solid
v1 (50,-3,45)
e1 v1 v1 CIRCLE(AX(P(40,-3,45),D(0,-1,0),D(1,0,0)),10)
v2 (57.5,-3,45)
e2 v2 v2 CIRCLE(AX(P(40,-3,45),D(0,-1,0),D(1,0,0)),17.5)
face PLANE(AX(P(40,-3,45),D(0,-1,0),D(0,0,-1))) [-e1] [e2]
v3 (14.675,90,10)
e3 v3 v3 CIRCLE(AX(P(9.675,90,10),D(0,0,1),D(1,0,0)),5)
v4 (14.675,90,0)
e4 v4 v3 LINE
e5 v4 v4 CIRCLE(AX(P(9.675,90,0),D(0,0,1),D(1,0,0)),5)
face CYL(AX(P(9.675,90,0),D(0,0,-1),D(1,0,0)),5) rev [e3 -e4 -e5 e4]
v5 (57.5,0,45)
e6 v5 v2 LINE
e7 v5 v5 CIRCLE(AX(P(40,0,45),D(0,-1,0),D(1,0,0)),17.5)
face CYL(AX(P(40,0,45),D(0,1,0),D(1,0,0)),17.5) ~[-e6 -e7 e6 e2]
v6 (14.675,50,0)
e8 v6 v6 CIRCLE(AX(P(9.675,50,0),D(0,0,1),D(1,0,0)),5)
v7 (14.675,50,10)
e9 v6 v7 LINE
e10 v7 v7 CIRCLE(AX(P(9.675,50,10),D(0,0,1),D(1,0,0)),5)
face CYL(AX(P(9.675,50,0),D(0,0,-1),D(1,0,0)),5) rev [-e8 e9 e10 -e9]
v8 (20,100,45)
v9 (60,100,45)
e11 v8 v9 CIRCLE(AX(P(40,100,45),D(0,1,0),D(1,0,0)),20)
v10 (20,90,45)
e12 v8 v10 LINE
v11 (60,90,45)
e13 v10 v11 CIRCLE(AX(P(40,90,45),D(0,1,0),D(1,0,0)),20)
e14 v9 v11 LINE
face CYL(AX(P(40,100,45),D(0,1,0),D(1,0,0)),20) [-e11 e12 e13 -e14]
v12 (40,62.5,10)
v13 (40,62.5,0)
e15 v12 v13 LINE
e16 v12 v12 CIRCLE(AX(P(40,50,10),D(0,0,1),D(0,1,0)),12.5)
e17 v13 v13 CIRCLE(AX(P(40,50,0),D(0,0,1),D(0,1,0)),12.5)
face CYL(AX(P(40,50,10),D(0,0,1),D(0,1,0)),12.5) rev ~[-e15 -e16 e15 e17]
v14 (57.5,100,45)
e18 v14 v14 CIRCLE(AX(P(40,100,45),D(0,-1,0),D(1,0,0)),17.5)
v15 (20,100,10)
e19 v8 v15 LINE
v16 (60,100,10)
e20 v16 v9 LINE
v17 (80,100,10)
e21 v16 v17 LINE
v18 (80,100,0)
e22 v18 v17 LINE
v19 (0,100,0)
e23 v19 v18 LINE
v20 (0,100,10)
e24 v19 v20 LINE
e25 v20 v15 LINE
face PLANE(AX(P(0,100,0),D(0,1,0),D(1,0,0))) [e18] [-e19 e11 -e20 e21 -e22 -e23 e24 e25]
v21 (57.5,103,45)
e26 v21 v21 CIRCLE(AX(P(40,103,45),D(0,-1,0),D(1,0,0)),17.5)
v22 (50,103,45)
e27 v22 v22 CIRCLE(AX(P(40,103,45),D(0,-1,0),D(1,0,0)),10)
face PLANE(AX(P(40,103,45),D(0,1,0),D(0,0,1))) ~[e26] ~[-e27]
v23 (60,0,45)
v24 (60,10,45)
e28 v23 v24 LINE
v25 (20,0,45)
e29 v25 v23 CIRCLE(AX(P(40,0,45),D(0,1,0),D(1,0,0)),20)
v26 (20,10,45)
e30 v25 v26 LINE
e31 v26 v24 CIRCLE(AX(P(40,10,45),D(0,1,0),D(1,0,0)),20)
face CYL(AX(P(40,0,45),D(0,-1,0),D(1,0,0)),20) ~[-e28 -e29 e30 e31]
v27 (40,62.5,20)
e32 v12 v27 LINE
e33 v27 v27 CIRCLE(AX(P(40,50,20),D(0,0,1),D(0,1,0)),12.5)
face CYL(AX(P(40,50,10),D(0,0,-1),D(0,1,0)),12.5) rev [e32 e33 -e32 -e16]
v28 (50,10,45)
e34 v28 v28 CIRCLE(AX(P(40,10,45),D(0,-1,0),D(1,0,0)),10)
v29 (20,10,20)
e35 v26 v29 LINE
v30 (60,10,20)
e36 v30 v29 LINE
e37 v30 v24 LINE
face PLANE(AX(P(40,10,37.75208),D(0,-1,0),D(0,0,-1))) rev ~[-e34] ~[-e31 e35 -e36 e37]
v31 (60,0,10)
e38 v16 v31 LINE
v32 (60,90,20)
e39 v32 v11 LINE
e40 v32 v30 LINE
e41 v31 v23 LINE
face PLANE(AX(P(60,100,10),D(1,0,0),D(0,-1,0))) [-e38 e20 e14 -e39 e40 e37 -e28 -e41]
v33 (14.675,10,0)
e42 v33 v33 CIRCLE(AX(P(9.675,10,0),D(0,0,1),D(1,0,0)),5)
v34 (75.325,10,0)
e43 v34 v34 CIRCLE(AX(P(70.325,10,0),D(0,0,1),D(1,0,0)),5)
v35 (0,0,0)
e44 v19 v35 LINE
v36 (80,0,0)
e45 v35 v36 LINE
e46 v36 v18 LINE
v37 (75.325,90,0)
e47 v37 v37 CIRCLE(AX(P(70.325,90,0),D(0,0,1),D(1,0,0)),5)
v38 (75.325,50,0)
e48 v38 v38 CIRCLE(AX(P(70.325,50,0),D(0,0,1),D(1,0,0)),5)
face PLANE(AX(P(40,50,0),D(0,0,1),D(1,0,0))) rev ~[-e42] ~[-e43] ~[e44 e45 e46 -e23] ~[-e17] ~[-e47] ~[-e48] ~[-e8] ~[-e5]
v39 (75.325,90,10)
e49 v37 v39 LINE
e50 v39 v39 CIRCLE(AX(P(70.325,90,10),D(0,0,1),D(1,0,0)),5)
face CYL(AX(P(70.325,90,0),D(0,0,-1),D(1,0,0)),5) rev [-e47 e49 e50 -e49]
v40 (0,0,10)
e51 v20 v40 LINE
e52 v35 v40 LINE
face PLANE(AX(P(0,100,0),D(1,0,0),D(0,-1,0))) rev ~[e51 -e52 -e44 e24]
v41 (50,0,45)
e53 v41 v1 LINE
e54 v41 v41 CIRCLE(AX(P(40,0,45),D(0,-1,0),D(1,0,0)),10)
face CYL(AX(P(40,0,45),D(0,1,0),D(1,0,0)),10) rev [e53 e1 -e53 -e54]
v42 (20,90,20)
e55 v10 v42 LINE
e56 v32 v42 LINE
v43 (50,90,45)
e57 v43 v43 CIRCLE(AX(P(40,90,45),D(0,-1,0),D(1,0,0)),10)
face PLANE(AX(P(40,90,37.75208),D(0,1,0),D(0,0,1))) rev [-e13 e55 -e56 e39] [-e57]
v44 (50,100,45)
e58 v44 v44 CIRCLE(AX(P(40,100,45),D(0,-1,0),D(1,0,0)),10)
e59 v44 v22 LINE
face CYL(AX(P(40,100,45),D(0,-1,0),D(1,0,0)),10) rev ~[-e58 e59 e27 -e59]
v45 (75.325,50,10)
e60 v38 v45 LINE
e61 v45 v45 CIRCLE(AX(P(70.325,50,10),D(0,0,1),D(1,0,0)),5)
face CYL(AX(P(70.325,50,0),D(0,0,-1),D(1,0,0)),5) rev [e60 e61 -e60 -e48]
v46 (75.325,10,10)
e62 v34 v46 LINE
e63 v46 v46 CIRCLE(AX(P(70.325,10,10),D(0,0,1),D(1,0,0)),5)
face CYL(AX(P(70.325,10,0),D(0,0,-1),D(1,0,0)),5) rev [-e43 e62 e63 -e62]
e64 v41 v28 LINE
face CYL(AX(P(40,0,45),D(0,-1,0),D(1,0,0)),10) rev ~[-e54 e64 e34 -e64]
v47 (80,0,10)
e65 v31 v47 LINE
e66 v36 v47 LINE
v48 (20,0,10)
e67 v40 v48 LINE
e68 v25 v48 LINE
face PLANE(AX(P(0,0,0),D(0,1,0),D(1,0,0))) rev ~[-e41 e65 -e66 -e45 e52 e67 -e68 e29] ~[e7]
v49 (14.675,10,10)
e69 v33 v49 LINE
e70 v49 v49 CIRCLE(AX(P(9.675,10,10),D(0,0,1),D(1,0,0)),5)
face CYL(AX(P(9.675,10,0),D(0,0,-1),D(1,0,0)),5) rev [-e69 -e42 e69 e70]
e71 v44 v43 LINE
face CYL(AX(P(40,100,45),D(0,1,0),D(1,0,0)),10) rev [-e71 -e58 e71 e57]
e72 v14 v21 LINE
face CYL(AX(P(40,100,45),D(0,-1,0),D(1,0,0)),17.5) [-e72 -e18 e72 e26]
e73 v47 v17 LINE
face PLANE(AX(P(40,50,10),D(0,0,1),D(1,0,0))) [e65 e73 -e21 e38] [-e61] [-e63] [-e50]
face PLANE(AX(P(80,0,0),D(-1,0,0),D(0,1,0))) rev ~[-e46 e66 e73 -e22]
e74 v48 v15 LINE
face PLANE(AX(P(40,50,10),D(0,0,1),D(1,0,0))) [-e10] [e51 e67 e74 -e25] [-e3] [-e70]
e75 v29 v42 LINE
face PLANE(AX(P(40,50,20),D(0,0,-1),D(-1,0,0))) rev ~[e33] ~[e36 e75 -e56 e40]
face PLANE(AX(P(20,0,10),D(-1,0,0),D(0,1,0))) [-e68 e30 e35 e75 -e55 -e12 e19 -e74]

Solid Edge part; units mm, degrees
sketch "Sketch1" plane through (0, 0, 0) normal (0, 0, 1) x (1, 0, 0)
  circle A0 centre (9.675, 10) radius 5
  circle A1 centre (9.675, 50) radius 5
  circle A2 centre (9.675, 90) radius 5
  circle A3 centre (70.325, 50) radius 5
  circle A4 centre (70.325, 90) radius 5
  circle A5 centre (70.325, 10) radius 5
  line L0 (0, 0) -> (80, 0)
  line L1 (80, 0) -> (80, 100)
  line L2 (0, 100) -> (80, 100)
  line L3 (0, 100) -> (0, 0)
extrude "Protrusion1" add sketch "Sketch1" along normal blind 10
sketch "Sketch2" plane through (40, 50, 10) normal (0, 0, 1) x (0, 1, 0)
  line L0 (-50, 20) -> (50, 20)
  line L1 (50, 20) -> (50, -20)
  line L2 (50, -20) -> (-50, -20)
  line L3 (-50, -20) -> (-50, 20)
extrude "ExtrudedProtrusion_2" add sketch "Sketch2" along normal blind 10
sketch "Sketch3" plane through (40, 50, 10) normal (0, 0, 1) x (0, 1, 0)
  circle A0 centre (0, 0) radius 12.5
extrude "ExtrudedCutout_1" cut sketch "Sketch3" along normal blind 10
sketch "Sketch4" plane through (40, 0, 10) normal (0, -1, 0) x (1, 0, 0)
  line L0 (20, 8) -> (20, 35)
  line L1 (-20, 35) -> (-20, 8)
  line L2 (-20, 8) -> (20, 8)
  arc A0 (-20, 35) -> (20, 35) centre (0, 35) cw
  circle A1 centre (0, 35) radius 10
extrude "ExtrudedCutout_6" cut sketch "Sketch4" against normal blind 10
sketch "Sketch5" plane through (40, 0, 10) normal (0, -1, 0) x (1, 0, 0)
  line L0 (20, 8) -> (20, 35)
  line L1 (-20, 35) -> (-20, 8)
  line L2 (-20, 8) -> (20, 8)
  arc A0 (-20, 35) -> (20, 35) centre (0, 35) cw
  circle A1 centre (0, 35) radius 10
extrude "ExtrudedProtrusion_3" add sketch "Sketch5" against normal blind 10
sketch "Sketch6" plane through (40, 0, 10) normal (0, -1, 0) x (1, 0, 0)
  circle A0 centre (0, 35) radius 17.5
  circle A1 centre (0, 35) radius 10
extrude "ExtrudedProtrusion_4" add sketch "Sketch6" along normal blind 3
mirror "Mirror1" about plane through (0, 50, 0) normal (0, -1, 0) of "ExtrudedProtrusion_3"
mirror "Mirror2" about plane through (0, 50, 0) normal (0, -1, 0) of "ExtrudedProtrusion_4"
sketch "Sketch7" plane through (40, 50, 10) normal (0, 0, 1) x (0, 1, 0)
  circle A0 centre (0, 0) radius 12.5
extrude "ExtrudedCutout_7" cut sketch "Sketch7" against normal blind 100
